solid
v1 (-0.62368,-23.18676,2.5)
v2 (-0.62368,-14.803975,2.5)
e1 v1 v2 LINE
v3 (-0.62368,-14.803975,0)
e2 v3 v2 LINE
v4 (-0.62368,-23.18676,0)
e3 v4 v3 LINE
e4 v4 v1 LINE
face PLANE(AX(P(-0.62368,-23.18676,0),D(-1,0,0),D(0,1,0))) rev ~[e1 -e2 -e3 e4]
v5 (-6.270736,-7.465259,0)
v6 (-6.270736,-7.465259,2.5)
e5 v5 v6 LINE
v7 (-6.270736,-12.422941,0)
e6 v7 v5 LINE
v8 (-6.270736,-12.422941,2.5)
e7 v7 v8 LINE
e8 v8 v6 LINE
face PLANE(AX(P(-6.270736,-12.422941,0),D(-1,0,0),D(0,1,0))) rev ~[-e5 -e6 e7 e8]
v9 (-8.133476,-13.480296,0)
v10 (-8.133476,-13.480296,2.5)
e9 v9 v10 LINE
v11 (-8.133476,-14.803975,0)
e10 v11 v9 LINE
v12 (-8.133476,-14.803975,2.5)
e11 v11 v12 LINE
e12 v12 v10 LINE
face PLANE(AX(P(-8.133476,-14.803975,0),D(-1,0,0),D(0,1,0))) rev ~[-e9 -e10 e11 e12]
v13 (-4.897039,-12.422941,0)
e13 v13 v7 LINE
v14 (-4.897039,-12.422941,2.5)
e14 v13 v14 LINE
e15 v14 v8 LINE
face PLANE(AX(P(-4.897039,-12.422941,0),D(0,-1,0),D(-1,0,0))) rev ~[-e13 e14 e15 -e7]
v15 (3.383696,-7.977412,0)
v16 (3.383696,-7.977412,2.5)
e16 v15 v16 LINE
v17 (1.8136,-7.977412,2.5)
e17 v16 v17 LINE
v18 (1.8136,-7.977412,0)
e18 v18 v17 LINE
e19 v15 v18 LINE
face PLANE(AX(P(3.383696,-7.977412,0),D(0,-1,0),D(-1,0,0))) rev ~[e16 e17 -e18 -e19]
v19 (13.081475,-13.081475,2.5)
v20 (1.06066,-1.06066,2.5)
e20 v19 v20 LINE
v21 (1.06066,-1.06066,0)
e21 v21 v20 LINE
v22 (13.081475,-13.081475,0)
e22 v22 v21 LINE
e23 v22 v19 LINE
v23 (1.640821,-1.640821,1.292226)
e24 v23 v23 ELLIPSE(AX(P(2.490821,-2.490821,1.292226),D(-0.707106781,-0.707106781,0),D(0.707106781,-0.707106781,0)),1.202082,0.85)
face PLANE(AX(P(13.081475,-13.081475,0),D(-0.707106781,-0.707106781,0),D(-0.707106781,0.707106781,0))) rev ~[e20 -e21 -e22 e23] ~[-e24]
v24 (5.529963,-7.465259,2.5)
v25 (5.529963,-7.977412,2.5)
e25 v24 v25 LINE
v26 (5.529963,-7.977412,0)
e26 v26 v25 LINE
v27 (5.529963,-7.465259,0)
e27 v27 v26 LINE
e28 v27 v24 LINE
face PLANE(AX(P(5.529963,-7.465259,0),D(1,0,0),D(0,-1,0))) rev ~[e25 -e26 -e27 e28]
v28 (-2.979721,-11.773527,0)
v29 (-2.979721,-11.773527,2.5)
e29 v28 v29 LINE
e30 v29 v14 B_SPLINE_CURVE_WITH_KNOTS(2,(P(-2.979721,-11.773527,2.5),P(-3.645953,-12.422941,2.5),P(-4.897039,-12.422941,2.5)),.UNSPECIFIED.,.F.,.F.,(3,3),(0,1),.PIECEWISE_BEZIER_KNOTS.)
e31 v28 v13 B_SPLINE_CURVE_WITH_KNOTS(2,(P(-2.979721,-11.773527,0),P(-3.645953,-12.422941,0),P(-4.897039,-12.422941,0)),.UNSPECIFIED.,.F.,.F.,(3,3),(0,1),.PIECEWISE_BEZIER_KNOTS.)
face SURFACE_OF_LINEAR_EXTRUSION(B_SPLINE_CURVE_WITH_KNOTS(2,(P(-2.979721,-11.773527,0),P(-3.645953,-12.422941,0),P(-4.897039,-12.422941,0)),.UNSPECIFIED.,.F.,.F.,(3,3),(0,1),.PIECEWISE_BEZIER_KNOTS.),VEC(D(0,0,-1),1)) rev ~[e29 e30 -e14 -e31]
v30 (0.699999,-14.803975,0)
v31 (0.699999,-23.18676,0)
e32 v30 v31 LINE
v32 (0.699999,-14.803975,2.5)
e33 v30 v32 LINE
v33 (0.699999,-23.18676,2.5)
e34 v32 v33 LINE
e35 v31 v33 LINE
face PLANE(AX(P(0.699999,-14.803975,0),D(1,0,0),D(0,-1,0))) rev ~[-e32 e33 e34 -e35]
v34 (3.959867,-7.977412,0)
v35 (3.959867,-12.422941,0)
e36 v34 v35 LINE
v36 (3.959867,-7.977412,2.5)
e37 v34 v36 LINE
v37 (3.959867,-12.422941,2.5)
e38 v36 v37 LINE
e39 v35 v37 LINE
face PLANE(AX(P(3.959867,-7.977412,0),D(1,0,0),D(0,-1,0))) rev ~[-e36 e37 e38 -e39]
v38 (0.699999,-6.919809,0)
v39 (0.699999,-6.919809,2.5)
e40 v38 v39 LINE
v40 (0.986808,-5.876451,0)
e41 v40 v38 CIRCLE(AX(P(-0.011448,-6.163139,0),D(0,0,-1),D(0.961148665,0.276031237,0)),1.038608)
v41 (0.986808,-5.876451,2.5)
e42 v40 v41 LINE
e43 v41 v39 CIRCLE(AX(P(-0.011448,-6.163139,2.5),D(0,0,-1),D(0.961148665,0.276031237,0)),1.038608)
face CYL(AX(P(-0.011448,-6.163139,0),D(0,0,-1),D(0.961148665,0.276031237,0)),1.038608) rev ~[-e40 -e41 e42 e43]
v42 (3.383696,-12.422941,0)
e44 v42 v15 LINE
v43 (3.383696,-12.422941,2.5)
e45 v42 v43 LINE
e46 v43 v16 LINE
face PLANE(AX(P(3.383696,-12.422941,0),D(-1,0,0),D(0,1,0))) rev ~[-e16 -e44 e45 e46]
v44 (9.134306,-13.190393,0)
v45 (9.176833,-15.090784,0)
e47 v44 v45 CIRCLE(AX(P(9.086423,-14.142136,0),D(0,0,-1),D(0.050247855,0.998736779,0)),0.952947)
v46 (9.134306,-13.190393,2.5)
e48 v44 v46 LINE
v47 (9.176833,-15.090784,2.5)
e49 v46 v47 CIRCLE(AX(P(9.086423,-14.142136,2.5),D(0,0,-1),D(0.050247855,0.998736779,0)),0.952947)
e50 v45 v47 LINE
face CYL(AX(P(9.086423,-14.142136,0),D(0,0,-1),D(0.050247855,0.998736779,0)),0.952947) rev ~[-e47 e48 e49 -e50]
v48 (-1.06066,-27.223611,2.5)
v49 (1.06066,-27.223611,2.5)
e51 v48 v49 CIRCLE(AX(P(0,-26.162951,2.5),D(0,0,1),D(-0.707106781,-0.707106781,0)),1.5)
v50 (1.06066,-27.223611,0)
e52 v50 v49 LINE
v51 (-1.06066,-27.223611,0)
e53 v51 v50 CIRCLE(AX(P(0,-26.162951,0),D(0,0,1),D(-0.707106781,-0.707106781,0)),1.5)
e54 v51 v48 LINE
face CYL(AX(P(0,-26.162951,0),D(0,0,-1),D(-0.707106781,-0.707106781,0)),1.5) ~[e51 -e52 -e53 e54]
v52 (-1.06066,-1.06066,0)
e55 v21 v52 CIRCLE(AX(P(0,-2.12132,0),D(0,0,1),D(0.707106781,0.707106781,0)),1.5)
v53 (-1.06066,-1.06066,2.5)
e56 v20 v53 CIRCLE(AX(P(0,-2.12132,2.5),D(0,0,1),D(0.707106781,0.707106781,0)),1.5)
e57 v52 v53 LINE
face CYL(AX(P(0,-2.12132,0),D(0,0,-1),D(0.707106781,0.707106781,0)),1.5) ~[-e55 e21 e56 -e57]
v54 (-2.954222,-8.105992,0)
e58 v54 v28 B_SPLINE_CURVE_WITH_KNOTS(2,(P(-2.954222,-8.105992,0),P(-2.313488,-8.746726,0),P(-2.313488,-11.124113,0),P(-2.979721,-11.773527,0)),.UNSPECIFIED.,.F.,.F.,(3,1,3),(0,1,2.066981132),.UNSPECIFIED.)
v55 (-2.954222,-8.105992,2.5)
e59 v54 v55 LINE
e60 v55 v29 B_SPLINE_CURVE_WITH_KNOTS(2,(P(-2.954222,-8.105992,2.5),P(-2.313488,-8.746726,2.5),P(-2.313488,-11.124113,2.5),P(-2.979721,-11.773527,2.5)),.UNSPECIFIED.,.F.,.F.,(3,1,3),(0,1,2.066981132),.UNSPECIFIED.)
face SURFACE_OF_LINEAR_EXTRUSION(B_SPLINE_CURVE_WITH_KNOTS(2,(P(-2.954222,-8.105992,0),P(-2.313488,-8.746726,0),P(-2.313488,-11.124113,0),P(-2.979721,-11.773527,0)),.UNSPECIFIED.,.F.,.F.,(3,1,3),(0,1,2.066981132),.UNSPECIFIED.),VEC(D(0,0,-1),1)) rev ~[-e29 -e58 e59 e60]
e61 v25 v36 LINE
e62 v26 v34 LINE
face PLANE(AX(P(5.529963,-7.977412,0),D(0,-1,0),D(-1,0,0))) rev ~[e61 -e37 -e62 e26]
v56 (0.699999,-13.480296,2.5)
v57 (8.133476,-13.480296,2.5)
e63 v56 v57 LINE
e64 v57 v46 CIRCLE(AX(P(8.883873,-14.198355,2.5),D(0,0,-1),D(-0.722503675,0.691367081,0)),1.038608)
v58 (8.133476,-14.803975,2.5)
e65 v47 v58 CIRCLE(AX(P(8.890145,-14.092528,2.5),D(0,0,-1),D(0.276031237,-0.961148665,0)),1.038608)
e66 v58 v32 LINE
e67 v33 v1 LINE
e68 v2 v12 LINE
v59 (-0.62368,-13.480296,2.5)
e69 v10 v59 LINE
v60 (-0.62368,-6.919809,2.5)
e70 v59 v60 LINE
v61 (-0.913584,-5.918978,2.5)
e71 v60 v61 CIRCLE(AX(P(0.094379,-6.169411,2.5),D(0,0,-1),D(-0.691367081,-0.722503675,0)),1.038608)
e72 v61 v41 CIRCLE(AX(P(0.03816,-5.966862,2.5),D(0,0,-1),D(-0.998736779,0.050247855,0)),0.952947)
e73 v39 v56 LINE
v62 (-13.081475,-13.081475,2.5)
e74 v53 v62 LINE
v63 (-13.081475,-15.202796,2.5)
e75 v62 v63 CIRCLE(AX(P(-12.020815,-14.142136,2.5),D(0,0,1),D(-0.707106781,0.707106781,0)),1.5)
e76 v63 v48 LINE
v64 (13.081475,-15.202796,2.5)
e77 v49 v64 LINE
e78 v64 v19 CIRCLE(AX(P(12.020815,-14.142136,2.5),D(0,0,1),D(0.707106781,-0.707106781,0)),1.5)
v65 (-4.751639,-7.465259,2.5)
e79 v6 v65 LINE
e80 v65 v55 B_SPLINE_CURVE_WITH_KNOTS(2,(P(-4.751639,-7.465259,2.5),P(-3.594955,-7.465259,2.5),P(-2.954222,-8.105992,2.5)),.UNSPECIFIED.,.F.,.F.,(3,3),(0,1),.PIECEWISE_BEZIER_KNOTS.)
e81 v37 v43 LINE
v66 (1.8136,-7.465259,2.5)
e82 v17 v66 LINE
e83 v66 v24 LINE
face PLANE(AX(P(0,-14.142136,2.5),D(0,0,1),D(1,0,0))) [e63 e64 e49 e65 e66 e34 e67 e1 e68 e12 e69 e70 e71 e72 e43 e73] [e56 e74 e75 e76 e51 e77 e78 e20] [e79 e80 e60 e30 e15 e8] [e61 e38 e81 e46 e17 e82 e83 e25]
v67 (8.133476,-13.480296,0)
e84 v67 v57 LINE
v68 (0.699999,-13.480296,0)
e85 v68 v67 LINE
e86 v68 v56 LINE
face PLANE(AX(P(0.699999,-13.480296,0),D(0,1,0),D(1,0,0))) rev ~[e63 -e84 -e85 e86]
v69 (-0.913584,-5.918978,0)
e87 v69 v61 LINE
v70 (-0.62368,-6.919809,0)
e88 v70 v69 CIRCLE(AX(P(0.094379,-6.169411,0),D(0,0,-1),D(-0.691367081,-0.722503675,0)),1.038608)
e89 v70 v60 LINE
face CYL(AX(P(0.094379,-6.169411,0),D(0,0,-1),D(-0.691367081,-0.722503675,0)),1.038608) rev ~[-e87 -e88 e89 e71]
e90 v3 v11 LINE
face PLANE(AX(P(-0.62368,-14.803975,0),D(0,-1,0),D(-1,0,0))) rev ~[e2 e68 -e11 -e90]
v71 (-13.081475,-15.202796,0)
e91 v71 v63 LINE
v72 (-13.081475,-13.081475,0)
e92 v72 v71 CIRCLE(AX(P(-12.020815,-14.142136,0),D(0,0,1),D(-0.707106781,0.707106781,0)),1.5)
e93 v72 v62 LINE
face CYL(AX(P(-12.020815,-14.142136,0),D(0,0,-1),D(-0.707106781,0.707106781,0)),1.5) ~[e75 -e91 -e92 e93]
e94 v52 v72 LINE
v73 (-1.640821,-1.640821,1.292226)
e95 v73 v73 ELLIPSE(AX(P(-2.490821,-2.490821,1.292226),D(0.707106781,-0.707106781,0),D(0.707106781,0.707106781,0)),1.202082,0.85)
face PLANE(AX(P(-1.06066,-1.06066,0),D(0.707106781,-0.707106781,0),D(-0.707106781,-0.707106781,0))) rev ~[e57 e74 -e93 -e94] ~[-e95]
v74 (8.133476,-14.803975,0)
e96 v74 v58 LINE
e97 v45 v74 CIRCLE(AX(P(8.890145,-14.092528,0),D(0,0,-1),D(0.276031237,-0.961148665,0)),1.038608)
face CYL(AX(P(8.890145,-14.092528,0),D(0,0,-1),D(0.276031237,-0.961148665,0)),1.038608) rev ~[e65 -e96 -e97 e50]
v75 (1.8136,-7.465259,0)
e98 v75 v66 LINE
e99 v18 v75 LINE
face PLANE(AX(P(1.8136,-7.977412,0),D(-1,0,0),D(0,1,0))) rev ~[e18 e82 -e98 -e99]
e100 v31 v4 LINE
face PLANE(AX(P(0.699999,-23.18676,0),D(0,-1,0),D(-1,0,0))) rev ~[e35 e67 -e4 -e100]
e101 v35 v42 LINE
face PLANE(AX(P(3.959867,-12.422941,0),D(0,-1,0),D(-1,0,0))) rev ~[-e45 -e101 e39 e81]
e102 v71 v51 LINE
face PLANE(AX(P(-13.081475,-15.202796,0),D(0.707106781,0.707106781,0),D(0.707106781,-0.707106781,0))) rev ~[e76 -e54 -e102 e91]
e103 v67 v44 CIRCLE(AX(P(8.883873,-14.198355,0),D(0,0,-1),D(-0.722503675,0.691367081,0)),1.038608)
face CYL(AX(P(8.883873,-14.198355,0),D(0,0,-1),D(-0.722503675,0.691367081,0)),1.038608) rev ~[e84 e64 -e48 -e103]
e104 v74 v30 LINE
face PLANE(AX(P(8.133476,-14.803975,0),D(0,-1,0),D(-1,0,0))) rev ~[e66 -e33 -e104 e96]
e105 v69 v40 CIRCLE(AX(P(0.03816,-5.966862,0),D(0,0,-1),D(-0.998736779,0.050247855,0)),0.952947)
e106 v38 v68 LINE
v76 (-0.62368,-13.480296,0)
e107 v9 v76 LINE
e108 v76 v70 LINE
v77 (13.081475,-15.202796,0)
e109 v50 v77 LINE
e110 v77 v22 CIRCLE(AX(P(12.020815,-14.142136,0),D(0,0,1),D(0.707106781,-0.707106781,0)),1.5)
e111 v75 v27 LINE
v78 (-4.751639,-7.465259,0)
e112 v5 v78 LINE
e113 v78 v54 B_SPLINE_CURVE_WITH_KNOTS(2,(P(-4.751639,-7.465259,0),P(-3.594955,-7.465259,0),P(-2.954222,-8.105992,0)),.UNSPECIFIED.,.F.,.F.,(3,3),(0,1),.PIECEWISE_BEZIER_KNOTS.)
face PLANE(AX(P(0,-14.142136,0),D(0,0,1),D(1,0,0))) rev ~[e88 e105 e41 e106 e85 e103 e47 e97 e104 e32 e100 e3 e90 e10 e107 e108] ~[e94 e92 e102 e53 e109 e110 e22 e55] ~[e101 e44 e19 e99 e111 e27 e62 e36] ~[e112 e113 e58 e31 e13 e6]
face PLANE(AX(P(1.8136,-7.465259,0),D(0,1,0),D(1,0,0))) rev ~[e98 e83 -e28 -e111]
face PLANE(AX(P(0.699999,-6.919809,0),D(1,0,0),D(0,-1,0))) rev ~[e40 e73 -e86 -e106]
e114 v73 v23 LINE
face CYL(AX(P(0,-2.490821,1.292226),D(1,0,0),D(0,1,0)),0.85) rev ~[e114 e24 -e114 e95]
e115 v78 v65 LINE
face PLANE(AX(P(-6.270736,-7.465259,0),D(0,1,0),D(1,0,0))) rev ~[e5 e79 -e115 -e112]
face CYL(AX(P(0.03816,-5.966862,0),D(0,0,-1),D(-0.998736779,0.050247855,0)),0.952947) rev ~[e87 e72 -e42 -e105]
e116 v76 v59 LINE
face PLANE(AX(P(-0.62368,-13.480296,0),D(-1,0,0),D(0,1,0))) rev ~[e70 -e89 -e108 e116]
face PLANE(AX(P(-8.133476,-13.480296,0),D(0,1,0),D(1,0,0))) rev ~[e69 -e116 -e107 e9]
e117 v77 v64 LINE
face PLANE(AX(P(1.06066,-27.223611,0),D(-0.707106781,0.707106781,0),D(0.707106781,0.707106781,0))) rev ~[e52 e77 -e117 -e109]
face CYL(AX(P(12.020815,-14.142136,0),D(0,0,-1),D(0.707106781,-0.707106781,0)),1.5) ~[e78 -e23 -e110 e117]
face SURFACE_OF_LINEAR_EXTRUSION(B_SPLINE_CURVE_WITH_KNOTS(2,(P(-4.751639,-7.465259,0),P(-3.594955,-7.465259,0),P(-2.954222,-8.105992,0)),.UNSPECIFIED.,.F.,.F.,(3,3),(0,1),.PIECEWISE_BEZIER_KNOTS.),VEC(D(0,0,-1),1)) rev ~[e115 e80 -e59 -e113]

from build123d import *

# Parameters (mm, degrees)
F1_DEPTH = 2.5
F2_R     = 0.85
F3_DEPTH = 12.5


with BuildPart() as f1:
    # F0 (on Top) → F1 (new body)
    with BuildSketch(Plane.XY):
        with BuildLine():
            Line((13.081475452, -13.081475452), (1.0606601718, -1.0606601718))
            ThreePointArc((1.0606601718, -1.0606601718), (0, -0.6213203436), (-1.0606601718, -1.0606601718))
            Line((-1.0606601718, -1.0606601718), (-13.081475452, -13.081475452))
            ThreePointArc((-13.081475452, -13.081475452), (-13.5208152802, -14.1421356237), (-13.081475452, -15.2027957955))
            Line((-13.081475452, -15.2027957955), (-1.0606601718, -27.2236110757))
            ThreePointArc((-1.0606601718, -27.2236110757), (0, -27.6629509039), (1.0606601718, -27.2236110757))
            Line((1.0606601718, -27.2236110757), (13.081475452, -15.2027957955))
            ThreePointArc((13.081475452, -15.2027957955), (13.5208152802, -14.1421356237), (13.081475452, -13.081475452))
        make_face()
        with BuildLine():
            add(Edge.make_bspline(
                [(-2.95422167, -8.1059920208), (-2.3134881631, -8.7467255278), (-2.3134881631, -9.8968991389)],
                knots=[0, 0, 0, 1, 1, 1], degree=2))
            add(Edge.make_bspline(
                [(-2.3134881631, -9.8968991389), (-2.3134881631, -11.1241126806), (-2.9797208019, -11.7735267431)],
                knots=[0, 0, 0, 1, 1, 1], degree=2))
            add(Edge.make_bspline(
                [(-2.9797208019, -11.7735267431), (-3.6459534408, -12.4229408056), (-4.8970385103, -12.4229408056)],
                knots=[0, 0, 0, 1, 1, 1], degree=2))
            Line((-4.8970385103, -12.4229408056), (-6.2707364269, -12.4229408056))
            Line((-6.2707364269, -12.4229408056), (-6.2707364269, -7.4652585139))
            Line((-6.2707364269, -7.4652585139), (-4.7516392047, -7.4652585139))
            add(Edge.make_bspline(
                [(-4.7516392047, -7.4652585139), (-3.5949551769, -7.4652585139), (-2.95422167, -8.1059920208)],
                knots=[0, 0, 0, 1, 1, 1], degree=2))
        make_face(mode=Mode.SUBTRACT)
        with BuildLine():
            Line((-8.1334756687, -14.8039748892), (-8.1334756687, -13.4802963582))
            Line((-8.1334756687, -13.4802963582), (-0.6236797201, -13.4802963582))
            Line((-0.6236797201, -13.4802963582), (-0.6236797201, -6.9198086858))
            ThreePointArc((-0.6236797201, -6.9198086858), (-0.9032194318, -6.4583786209), (-0.9135835525, -5.9189782686))
            ThreePointArc((-0.9135835525, -5.9189782686), (0.0168397474, -5.0141534426), (0.9868078824, -5.876451129))
            ThreePointArc((0.9868078824, -5.876451129), (0.9900106564, -6.4384308628), (0.6999988109, -6.9198086858))
            Line((0.6999988109, -6.9198086858), (0.6999988109, -13.4802963582))
            Line((0.6999988109, -13.4802963582), (8.1334756687, -13.4802963582))
            ThreePointArc((8.1334756687, -13.4802963582), (8.5949057336, -13.2007566465), (9.134306086, -13.1903925258))
            ThreePointArc((9.134306086, -13.1903925258), (10.0391309119, -14.1208158258), (9.1768332255, -15.0907839607))
            ThreePointArc((9.1768332255, -15.0907839607), (8.6148534917, -15.0939867347), (8.1334756687, -14.8039748892))
            Line((8.1334756687, -14.8039748892), (0.6999988109, -14.8039748892))
            Line((0.6999988109, -14.8039748892), (0.6999988109, -23.1867600232))
            Line((0.6999988109, -23.1867600232), (-0.6236797201, -23.1867600232))
            Line((-0.6236797201, -23.1867600232), (-0.6236797201, -14.8039748892))
            Line((-0.6236797201, -14.8039748892), (-8.1334756687, -14.8039748892))
        make_face(mode=Mode.SUBTRACT)
        Polygon((3.9598674141, -7.9774117573), (3.9598674141, -12.4229412712), (3.3836955391, -12.4229412712), (3.3836955391, -7.9774117573), (1.813600053, -7.9774117573), (1.813600053, -7.4652589795), (5.5299629002, -7.4652589795), (5.5299629002, -7.9774117573), align=None, mode=Mode.SUBTRACT)
    extrude(amount=F1_DEPTH)

    # F2 (on Right) → F3 (cut, symmetric)
    with BuildSketch(Plane.YZ):
        with Locations((-2.4908210296, 1.292226194)):
            Circle(F2_R)
    extrude(amount=F3_DEPTH, both=True, mode=Mode.SUBTRACT)


solid = f1.part
